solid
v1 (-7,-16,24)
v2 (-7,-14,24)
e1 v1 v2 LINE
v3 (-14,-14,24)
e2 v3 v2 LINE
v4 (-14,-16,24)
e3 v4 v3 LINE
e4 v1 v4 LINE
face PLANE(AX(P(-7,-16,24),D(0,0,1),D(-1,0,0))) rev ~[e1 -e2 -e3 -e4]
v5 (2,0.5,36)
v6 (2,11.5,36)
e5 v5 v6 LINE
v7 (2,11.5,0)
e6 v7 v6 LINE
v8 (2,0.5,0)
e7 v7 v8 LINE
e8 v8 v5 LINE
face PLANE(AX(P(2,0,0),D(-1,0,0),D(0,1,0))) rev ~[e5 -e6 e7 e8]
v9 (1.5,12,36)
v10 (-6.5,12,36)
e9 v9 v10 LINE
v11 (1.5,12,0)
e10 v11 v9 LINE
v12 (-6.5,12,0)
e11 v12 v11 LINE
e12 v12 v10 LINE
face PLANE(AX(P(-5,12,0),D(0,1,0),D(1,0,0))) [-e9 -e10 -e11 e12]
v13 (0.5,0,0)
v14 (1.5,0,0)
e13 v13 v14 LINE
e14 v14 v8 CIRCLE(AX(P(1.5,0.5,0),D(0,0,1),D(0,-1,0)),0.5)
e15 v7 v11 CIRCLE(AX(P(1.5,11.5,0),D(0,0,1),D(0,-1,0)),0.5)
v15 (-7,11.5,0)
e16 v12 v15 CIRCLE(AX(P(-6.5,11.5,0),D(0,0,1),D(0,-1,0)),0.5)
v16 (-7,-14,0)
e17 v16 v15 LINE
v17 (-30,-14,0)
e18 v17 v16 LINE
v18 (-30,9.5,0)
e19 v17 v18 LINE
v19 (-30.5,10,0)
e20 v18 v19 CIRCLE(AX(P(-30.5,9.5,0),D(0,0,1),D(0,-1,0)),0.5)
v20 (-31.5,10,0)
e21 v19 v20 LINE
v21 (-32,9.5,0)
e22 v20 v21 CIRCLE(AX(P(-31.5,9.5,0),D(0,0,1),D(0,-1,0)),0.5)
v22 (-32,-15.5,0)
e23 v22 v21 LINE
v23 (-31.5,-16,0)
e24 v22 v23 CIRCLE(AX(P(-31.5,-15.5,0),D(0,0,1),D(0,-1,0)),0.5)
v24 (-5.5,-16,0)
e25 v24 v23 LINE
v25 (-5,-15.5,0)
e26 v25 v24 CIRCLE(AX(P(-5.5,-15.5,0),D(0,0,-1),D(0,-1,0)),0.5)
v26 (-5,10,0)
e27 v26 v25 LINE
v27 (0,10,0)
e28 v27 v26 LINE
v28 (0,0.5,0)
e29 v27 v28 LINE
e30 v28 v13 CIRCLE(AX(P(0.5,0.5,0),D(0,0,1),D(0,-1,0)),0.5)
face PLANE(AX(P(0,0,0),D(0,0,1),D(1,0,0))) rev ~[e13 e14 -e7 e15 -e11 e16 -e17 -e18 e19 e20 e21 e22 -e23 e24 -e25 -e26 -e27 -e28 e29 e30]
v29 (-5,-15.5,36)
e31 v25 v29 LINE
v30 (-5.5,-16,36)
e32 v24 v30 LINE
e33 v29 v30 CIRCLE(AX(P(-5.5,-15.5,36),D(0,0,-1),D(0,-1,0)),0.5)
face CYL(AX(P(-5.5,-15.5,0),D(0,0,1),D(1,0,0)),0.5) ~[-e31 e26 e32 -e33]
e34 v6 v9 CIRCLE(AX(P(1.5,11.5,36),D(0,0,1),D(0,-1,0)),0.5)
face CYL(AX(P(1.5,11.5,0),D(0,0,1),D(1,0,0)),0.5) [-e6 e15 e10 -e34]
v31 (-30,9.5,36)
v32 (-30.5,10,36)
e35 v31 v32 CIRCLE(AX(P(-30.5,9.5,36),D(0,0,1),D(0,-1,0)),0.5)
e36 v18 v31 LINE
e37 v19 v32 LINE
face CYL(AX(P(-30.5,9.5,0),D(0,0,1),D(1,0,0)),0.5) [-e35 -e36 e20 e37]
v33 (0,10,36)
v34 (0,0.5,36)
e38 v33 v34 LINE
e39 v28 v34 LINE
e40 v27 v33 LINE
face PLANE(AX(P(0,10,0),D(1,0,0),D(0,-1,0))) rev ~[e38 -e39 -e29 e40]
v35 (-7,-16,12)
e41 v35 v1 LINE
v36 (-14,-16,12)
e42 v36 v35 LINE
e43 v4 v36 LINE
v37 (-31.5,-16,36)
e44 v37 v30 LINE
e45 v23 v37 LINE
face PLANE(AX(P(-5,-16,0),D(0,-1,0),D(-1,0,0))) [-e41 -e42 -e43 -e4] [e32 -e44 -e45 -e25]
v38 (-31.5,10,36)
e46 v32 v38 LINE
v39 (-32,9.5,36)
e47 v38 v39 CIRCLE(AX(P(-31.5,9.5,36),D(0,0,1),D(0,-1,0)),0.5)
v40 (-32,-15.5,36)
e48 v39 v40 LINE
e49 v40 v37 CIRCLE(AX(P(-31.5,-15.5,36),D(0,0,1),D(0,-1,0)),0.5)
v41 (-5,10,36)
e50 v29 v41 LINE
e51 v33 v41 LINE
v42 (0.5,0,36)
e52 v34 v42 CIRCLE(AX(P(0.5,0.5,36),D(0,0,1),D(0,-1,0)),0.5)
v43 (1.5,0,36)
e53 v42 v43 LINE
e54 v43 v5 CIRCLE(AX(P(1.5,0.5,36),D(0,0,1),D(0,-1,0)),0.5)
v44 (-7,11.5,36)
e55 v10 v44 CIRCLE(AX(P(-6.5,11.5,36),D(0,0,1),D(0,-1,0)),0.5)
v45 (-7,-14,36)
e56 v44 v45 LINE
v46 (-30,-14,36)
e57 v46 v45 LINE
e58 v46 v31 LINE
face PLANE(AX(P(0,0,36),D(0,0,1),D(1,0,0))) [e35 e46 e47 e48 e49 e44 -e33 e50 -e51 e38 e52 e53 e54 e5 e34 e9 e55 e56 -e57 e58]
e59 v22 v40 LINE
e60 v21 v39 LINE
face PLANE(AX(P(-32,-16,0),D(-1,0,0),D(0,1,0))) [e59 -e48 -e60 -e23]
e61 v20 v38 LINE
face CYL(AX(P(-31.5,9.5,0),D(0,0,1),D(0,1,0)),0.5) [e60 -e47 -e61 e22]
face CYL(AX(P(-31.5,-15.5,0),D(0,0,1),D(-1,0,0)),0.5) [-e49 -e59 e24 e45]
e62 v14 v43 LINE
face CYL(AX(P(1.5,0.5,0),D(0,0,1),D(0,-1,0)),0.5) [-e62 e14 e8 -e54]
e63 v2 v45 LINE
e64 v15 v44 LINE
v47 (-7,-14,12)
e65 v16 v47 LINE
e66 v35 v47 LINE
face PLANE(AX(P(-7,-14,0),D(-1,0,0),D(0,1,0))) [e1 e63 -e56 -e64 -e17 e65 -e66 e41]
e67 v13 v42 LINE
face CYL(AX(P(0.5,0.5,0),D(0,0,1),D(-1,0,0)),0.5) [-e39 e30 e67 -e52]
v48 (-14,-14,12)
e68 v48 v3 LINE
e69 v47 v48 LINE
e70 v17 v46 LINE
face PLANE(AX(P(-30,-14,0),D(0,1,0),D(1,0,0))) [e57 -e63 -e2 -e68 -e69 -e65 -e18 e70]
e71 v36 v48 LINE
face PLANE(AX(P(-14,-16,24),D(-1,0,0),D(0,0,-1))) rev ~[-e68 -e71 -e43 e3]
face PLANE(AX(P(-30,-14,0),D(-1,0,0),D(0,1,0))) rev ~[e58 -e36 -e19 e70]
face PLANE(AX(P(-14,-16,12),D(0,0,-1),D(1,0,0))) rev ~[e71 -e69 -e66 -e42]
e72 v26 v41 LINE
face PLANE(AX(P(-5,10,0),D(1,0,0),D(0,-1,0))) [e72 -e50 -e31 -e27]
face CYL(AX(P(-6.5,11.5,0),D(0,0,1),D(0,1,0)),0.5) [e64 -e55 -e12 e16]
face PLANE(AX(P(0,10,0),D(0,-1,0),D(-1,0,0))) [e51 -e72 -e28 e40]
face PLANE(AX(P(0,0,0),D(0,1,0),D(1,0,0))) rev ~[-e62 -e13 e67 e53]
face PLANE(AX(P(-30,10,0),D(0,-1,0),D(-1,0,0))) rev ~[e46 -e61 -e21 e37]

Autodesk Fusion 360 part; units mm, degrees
sketch "Sketch2" plane through (0, 0, 0) normal (0, 0, 1) x (1, 0, 0)
  line L0 (0, 0) -> (2, 0)
  line L1 (2, 0) -> (2, 10)
  line L2 (2, 10) -> (0, 10)
  line L3 (0, 10) -> (0, 0)
  line L4 (0, 10) -> (2, 10)
  line L5 (2, 10) -> (2, 12)
  line L6 (2, 12) -> (0, 12)
  line L7 (0, 12) -> (0, 10)
  line L8 (0, 10) -> (-5, 10)
  line L9 (-5, 10) -> (-5, 12)
  line L10 (-5, 12) -> (0, 12)
  line L11 (0, 12) -> (0, 10)
  line L12 (-5, 10) -> (-7, 10)
  line L13 (-7, 10) -> (-7, 12)
  line L14 (-7, 12) -> (-5, 12)
  line L15 (-5, 12) -> (-5, 10)
  line L16 (-7, 10) -> (-5, 10)
  line L17 (-5, 10) -> (-5, -14)
  line L18 (-5, -14) -> (-7, -14)
  line L19 (-7, -14) -> (-7, 10)
  line L20 (-7, -14) -> (-5, -14)
  line L21 (-5, -14) -> (-5, -16)
  line L22 (-5, -16) -> (-7, -16)
  line L23 (-7, -16) -> (-7, -14)
  line L24 (-7, -16) -> (-30, -16)
  line L25 (-30, -16) -> (-30, -14)
  line L26 (-30, -14) -> (-7, -14)
  line L27 (-7, -14) -> (-7, -16)
  line L28 (-30, -16) -> (-32, -16)
  line L29 (-32, -16) -> (-32, -14)
  line L30 (-32, -14) -> (-30, -14)
  line L31 (-30, -14) -> (-30, -16)
  line L32 (-32, -14) -> (-30, -14)
  line L33 (-30, -14) -> (-30, 10)
  line L34 (-30, 10) -> (-32, 10)
  line L35 (-32, 10) -> (-32, -14)
  dimension "d3" = 2
  dimension "d4" = 10
  dimension "d5" = 2
  dimension "d6" = 2
  dimension "d7" = 5
  dimension "d8" = 2
  dimension "d9" = 2
  dimension "d10" = 2
  dimension "d11" = 24
  dimension "d12" = 2
  dimension "d13" = 23
  dimension "d14" = 2
  dimension "d15" = 2
  dimension "d16" = 2
  dimension "d17" = 2
  dimension "d18" = 24
extrude "Extrude1" add sketch "Sketch2" along normal blind 36
sketch "Sketch3" plane through (0, -16, 0) normal (0, -1, 0) x (1, 0, 0)
  line L0 (-32, 0) -> (-5, 0)
  line L1 (-5, 0) -> (-5, 36)
  line L2 (-5, 36) -> (-32, 36)
  line L3 (-32, 36) -> (-32, 0)
  line L4 (-5, 18) -> (-7, 18) construction
  line L5 (-7, 18) -> (-10.5, 18) construction
  line L6 (-14, 12) -> (-7, 12)
  line L7 (-7, 12) -> (-7, 24)
  line L8 (-7, 24) -> (-14, 24)
  line L9 (-14, 24) -> (-14, 12)
  line L10 (-14, 12) -> (-7, 24) construction
  line L11 (-7, 12) -> (-14, 24) construction
  point P0 (-7, 18)
  point P1 (-10.5, 18)
  dimension "d23" = 2
  dimension "d28" = 3.5
  dimension "d29" = 7
  dimension "d30" = 12
extrude "Extrude3" cut sketch "Sketch3" against normal blind 3 contours L6 L7 L8 L9
fillet "Fillet1" radius 0.5 8 edges at (0, 0, 18) (2, 0, 18) (-5, -16, 18) (-32, -16, 18) (2, 12, 18) (-7, 12, 18) (-30, 10, 18) (-32, 10, 18)
